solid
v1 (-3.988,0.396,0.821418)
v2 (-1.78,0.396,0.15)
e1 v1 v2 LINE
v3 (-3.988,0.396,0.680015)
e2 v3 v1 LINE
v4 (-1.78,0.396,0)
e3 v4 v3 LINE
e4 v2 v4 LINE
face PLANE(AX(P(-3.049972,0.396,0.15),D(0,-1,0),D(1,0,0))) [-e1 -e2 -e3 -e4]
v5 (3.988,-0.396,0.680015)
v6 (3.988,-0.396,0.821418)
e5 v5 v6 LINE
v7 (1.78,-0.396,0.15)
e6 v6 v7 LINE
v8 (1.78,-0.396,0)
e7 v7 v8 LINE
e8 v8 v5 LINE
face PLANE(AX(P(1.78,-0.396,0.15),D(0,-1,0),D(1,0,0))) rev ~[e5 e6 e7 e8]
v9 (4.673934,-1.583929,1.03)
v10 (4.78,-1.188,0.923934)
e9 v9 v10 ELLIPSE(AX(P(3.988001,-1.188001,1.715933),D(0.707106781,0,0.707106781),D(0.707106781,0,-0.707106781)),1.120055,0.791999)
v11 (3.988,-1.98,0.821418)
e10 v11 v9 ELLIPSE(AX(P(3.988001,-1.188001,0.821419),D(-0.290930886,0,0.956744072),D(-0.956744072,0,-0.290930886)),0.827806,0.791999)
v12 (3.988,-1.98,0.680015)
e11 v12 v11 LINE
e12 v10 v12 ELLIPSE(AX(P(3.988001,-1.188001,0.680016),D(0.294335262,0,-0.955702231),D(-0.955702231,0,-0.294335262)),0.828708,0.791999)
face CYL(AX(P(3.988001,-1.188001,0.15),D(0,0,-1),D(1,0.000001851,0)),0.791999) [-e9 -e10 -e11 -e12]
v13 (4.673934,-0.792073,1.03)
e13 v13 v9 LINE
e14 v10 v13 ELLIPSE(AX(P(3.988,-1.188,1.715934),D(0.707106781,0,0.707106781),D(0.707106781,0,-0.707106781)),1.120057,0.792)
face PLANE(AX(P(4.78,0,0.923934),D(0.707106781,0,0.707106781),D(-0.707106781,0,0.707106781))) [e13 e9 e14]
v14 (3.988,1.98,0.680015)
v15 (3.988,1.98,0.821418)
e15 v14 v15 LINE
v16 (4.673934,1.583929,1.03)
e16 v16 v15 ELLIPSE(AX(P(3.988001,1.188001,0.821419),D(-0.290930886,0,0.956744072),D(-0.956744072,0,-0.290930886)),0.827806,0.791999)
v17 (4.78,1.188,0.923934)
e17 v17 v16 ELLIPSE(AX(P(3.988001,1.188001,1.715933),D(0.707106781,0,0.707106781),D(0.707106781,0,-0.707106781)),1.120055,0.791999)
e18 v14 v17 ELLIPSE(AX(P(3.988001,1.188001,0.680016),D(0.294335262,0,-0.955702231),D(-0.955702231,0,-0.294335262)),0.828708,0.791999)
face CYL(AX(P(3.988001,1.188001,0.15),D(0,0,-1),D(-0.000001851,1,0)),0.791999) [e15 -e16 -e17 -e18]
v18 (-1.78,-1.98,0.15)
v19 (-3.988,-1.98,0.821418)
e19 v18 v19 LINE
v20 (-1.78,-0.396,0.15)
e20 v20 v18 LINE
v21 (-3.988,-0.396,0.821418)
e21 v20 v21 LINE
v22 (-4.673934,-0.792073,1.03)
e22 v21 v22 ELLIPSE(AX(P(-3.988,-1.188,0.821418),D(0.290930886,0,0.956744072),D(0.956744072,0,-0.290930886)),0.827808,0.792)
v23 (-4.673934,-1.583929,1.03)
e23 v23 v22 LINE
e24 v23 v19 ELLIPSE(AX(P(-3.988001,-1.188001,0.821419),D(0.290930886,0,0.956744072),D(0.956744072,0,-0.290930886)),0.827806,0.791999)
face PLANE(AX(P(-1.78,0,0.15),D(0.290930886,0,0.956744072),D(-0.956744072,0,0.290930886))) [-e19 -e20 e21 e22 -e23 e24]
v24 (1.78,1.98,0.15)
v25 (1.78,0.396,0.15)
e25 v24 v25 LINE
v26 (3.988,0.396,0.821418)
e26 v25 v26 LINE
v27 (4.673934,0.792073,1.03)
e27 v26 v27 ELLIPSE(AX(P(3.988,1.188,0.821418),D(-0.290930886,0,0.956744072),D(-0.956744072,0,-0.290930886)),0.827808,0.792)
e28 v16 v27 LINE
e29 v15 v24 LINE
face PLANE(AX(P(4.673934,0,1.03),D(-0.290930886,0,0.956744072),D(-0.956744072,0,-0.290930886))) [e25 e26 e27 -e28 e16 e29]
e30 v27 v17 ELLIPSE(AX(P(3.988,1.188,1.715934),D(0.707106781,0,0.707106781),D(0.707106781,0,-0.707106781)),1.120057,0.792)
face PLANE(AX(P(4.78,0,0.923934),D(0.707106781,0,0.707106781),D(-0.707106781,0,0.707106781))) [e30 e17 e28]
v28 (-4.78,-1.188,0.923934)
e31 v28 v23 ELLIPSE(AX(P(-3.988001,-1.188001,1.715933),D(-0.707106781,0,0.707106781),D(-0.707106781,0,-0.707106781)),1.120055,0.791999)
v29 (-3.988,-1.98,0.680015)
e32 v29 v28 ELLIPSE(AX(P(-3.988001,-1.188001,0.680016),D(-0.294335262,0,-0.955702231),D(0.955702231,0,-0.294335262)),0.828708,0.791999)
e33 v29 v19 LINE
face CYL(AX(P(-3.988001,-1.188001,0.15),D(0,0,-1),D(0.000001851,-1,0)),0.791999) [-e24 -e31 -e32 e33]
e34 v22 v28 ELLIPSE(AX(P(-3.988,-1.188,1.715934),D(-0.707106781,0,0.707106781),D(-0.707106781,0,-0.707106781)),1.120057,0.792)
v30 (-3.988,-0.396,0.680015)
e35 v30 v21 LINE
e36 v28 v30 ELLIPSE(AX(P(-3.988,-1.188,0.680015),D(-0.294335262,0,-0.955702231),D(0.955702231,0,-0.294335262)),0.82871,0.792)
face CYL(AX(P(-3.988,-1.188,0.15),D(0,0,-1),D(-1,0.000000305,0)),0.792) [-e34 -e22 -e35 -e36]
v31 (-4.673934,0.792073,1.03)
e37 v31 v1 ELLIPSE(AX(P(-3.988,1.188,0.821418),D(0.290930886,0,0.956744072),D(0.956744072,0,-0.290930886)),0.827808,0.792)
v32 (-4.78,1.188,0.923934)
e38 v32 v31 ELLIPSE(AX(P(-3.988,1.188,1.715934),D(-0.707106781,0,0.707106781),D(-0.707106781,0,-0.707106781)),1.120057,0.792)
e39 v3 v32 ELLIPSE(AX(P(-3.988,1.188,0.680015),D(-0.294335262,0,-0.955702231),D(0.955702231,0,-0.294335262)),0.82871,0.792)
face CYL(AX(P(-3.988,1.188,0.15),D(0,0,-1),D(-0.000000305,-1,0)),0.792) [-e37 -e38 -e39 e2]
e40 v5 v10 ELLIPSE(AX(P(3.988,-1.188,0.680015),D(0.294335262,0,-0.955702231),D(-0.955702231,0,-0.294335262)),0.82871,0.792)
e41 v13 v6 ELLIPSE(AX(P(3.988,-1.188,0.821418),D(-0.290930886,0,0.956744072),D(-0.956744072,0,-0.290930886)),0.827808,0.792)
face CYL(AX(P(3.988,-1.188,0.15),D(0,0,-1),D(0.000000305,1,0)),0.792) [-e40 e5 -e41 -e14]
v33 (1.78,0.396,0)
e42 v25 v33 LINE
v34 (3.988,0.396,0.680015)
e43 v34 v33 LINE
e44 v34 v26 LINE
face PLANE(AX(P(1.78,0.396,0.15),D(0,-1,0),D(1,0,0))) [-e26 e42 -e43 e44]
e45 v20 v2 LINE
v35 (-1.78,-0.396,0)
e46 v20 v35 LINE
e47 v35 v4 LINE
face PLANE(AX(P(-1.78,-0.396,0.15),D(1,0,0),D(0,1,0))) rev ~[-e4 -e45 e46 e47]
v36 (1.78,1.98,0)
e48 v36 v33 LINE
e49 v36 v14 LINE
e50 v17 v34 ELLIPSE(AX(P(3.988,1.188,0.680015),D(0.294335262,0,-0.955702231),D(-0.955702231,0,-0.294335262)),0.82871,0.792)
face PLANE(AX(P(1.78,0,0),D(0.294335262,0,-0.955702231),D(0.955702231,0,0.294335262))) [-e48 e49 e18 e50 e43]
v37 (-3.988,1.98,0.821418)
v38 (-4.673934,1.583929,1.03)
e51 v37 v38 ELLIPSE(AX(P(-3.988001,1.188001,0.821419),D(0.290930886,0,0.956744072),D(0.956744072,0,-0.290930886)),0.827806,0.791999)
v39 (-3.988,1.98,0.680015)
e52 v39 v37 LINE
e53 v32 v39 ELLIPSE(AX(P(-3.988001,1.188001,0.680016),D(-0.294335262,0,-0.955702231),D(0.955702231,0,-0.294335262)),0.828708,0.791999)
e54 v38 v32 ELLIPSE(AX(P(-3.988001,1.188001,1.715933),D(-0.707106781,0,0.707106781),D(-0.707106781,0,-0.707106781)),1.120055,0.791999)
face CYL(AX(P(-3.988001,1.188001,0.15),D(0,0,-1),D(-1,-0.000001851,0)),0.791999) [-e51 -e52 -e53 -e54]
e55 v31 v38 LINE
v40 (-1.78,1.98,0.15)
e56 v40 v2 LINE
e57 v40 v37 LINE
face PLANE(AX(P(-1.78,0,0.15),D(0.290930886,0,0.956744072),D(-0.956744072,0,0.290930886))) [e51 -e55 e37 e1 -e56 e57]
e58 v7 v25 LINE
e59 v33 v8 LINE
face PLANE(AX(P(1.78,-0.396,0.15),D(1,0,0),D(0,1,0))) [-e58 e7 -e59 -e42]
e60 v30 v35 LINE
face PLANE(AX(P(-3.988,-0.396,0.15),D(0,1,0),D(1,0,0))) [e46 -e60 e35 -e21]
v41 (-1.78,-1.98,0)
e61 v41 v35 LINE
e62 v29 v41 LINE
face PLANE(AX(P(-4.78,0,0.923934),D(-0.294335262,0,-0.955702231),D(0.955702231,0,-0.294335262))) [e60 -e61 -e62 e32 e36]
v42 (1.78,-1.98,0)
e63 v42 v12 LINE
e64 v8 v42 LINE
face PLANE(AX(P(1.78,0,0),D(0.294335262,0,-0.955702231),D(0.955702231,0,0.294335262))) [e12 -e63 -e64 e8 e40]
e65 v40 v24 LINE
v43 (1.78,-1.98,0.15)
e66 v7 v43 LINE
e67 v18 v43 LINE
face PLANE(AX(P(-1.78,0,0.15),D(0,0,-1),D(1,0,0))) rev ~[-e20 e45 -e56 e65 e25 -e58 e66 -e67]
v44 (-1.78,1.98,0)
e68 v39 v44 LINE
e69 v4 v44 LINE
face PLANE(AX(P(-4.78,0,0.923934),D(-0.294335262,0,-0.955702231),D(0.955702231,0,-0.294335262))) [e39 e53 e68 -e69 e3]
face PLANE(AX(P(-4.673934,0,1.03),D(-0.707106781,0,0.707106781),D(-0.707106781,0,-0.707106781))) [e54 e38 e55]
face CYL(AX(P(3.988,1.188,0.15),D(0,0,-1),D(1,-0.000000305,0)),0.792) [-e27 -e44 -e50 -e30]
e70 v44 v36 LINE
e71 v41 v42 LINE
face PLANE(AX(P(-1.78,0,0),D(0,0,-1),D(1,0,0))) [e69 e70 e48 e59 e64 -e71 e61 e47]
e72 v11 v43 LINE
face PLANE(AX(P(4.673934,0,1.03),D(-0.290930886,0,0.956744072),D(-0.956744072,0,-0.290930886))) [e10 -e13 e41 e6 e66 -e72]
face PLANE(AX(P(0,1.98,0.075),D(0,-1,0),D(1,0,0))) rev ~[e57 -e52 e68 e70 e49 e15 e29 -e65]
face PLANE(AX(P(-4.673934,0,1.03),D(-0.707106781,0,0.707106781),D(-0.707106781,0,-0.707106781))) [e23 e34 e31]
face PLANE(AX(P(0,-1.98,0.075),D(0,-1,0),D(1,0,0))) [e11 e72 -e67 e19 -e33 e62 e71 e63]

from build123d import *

# Parameters (mm, degrees)
F0_W          = 3.56
F0_H          = 0.15
F1_DEPTH      = 1.98
F1_DEPTH_BACK = 1.98
F3_DEPTH      = 25
F4_W          = 1.269972
F4_H          = 0.792
F5_DEPTH      = 25


with BuildPart() as f1:
    # F0 (on Front) → F1 (new body, two sides)
    with BuildSketch(Plane.XZ) as f1_sk:
        with Locations((0, 0.075)):
            Rectangle(F0_W, F0_H)
        Polygon((-4.78, 0.923934), (-1.78, 0), (-1.78, 0.15), (-4.673934, 1.03), align=None)
        Polygon((1.78, 0.15), (1.78, 0), (4.78, 0.923934), (4.673934, 1.03), align=None)
    extrude(amount=F1_DEPTH)
    extrude(f1_sk.sketch, amount=-F1_DEPTH_BACK)

    # F2 (on face) → F3 (cut)
    with BuildSketch(Plane.XY.offset(0.15)):
        with BuildLine():
            ThreePointArc((-4.78, 1.188), (-4.548029, 1.748029), (-3.988, 1.98))
            Line((-3.988, 1.98), (-3.981051, 2.372488))
            Line((-3.981051, 2.372488), (-5.453913, 2.372488))
            Line((-5.453913, 2.372488), (-5.453913, -2.307775))
            Line((-5.453913, -2.307775), (-3.988, -2.307775))
            Line((-3.988, -2.307775), (-3.988, -1.98))
            ThreePointArc((-3.988, -1.98), (-4.548029, -1.748029), (-4.78, -1.188))
            ThreePointArc((-4.78, -1.188), (-4.548029, -0.627972), (-3.988, -0.396))
            Line((-3.988, -0.396), (-1.78, -0.396))
            Line((-1.78, -0.396), (-1.78, 0))
            Line((-1.78, 0), (-1.78, 0.396))
            Line((-1.78, 0.396), (-3.988, 0.396))
            ThreePointArc((-3.988, 0.396), (-4.548029, 0.627972), (-4.78, 1.188))
        make_face()
        with BuildLine():
            ThreePointArc((3.988, -0.396), (4.548029, -0.627972), (4.78, -1.188))
            ThreePointArc((4.78, -1.188), (4.548029, -1.748029), (3.988, -1.98))
            Line((3.988, -1.98), (3.988, -2.307775))
            Line((3.988, -2.307775), (5.453913, -2.307775))
            Line((5.453913, -2.307775), (5.453913, 2.372488))
            Line((5.453913, 2.372488), (3.981051, 2.372488))
            Line((3.981051, 2.372488), (3.988, 1.98))
            ThreePointArc((3.988, 1.98), (4.548029, 1.748029), (4.78, 1.188))
            ThreePointArc((4.78, 1.188), (4.548029, 0.627972), (3.988, 0.396))
            Line((3.988, 0.396), (1.78, 0.396))
            Line((1.78, 0.396), (1.78, 0))
            Line((1.78, 0), (1.78, -0.396))
            Line((1.78, -0.396), (3.988, -0.396))
        make_face()
    extrude(amount=F3_DEPTH, mode=Mode.SUBTRACT)

    # F4 (on face) → F5 (cut)
    with BuildSketch(Plane.XY.offset(0.15)):
        with Locations((-2.414986, 0)):
            Rectangle(F4_W, F4_H)
        with Locations((2.414986, 0)):
            Rectangle(F4_W, F4_H)
    extrude(amount=-F5_DEPTH, mode=Mode.SUBTRACT)


solid = f1.part
